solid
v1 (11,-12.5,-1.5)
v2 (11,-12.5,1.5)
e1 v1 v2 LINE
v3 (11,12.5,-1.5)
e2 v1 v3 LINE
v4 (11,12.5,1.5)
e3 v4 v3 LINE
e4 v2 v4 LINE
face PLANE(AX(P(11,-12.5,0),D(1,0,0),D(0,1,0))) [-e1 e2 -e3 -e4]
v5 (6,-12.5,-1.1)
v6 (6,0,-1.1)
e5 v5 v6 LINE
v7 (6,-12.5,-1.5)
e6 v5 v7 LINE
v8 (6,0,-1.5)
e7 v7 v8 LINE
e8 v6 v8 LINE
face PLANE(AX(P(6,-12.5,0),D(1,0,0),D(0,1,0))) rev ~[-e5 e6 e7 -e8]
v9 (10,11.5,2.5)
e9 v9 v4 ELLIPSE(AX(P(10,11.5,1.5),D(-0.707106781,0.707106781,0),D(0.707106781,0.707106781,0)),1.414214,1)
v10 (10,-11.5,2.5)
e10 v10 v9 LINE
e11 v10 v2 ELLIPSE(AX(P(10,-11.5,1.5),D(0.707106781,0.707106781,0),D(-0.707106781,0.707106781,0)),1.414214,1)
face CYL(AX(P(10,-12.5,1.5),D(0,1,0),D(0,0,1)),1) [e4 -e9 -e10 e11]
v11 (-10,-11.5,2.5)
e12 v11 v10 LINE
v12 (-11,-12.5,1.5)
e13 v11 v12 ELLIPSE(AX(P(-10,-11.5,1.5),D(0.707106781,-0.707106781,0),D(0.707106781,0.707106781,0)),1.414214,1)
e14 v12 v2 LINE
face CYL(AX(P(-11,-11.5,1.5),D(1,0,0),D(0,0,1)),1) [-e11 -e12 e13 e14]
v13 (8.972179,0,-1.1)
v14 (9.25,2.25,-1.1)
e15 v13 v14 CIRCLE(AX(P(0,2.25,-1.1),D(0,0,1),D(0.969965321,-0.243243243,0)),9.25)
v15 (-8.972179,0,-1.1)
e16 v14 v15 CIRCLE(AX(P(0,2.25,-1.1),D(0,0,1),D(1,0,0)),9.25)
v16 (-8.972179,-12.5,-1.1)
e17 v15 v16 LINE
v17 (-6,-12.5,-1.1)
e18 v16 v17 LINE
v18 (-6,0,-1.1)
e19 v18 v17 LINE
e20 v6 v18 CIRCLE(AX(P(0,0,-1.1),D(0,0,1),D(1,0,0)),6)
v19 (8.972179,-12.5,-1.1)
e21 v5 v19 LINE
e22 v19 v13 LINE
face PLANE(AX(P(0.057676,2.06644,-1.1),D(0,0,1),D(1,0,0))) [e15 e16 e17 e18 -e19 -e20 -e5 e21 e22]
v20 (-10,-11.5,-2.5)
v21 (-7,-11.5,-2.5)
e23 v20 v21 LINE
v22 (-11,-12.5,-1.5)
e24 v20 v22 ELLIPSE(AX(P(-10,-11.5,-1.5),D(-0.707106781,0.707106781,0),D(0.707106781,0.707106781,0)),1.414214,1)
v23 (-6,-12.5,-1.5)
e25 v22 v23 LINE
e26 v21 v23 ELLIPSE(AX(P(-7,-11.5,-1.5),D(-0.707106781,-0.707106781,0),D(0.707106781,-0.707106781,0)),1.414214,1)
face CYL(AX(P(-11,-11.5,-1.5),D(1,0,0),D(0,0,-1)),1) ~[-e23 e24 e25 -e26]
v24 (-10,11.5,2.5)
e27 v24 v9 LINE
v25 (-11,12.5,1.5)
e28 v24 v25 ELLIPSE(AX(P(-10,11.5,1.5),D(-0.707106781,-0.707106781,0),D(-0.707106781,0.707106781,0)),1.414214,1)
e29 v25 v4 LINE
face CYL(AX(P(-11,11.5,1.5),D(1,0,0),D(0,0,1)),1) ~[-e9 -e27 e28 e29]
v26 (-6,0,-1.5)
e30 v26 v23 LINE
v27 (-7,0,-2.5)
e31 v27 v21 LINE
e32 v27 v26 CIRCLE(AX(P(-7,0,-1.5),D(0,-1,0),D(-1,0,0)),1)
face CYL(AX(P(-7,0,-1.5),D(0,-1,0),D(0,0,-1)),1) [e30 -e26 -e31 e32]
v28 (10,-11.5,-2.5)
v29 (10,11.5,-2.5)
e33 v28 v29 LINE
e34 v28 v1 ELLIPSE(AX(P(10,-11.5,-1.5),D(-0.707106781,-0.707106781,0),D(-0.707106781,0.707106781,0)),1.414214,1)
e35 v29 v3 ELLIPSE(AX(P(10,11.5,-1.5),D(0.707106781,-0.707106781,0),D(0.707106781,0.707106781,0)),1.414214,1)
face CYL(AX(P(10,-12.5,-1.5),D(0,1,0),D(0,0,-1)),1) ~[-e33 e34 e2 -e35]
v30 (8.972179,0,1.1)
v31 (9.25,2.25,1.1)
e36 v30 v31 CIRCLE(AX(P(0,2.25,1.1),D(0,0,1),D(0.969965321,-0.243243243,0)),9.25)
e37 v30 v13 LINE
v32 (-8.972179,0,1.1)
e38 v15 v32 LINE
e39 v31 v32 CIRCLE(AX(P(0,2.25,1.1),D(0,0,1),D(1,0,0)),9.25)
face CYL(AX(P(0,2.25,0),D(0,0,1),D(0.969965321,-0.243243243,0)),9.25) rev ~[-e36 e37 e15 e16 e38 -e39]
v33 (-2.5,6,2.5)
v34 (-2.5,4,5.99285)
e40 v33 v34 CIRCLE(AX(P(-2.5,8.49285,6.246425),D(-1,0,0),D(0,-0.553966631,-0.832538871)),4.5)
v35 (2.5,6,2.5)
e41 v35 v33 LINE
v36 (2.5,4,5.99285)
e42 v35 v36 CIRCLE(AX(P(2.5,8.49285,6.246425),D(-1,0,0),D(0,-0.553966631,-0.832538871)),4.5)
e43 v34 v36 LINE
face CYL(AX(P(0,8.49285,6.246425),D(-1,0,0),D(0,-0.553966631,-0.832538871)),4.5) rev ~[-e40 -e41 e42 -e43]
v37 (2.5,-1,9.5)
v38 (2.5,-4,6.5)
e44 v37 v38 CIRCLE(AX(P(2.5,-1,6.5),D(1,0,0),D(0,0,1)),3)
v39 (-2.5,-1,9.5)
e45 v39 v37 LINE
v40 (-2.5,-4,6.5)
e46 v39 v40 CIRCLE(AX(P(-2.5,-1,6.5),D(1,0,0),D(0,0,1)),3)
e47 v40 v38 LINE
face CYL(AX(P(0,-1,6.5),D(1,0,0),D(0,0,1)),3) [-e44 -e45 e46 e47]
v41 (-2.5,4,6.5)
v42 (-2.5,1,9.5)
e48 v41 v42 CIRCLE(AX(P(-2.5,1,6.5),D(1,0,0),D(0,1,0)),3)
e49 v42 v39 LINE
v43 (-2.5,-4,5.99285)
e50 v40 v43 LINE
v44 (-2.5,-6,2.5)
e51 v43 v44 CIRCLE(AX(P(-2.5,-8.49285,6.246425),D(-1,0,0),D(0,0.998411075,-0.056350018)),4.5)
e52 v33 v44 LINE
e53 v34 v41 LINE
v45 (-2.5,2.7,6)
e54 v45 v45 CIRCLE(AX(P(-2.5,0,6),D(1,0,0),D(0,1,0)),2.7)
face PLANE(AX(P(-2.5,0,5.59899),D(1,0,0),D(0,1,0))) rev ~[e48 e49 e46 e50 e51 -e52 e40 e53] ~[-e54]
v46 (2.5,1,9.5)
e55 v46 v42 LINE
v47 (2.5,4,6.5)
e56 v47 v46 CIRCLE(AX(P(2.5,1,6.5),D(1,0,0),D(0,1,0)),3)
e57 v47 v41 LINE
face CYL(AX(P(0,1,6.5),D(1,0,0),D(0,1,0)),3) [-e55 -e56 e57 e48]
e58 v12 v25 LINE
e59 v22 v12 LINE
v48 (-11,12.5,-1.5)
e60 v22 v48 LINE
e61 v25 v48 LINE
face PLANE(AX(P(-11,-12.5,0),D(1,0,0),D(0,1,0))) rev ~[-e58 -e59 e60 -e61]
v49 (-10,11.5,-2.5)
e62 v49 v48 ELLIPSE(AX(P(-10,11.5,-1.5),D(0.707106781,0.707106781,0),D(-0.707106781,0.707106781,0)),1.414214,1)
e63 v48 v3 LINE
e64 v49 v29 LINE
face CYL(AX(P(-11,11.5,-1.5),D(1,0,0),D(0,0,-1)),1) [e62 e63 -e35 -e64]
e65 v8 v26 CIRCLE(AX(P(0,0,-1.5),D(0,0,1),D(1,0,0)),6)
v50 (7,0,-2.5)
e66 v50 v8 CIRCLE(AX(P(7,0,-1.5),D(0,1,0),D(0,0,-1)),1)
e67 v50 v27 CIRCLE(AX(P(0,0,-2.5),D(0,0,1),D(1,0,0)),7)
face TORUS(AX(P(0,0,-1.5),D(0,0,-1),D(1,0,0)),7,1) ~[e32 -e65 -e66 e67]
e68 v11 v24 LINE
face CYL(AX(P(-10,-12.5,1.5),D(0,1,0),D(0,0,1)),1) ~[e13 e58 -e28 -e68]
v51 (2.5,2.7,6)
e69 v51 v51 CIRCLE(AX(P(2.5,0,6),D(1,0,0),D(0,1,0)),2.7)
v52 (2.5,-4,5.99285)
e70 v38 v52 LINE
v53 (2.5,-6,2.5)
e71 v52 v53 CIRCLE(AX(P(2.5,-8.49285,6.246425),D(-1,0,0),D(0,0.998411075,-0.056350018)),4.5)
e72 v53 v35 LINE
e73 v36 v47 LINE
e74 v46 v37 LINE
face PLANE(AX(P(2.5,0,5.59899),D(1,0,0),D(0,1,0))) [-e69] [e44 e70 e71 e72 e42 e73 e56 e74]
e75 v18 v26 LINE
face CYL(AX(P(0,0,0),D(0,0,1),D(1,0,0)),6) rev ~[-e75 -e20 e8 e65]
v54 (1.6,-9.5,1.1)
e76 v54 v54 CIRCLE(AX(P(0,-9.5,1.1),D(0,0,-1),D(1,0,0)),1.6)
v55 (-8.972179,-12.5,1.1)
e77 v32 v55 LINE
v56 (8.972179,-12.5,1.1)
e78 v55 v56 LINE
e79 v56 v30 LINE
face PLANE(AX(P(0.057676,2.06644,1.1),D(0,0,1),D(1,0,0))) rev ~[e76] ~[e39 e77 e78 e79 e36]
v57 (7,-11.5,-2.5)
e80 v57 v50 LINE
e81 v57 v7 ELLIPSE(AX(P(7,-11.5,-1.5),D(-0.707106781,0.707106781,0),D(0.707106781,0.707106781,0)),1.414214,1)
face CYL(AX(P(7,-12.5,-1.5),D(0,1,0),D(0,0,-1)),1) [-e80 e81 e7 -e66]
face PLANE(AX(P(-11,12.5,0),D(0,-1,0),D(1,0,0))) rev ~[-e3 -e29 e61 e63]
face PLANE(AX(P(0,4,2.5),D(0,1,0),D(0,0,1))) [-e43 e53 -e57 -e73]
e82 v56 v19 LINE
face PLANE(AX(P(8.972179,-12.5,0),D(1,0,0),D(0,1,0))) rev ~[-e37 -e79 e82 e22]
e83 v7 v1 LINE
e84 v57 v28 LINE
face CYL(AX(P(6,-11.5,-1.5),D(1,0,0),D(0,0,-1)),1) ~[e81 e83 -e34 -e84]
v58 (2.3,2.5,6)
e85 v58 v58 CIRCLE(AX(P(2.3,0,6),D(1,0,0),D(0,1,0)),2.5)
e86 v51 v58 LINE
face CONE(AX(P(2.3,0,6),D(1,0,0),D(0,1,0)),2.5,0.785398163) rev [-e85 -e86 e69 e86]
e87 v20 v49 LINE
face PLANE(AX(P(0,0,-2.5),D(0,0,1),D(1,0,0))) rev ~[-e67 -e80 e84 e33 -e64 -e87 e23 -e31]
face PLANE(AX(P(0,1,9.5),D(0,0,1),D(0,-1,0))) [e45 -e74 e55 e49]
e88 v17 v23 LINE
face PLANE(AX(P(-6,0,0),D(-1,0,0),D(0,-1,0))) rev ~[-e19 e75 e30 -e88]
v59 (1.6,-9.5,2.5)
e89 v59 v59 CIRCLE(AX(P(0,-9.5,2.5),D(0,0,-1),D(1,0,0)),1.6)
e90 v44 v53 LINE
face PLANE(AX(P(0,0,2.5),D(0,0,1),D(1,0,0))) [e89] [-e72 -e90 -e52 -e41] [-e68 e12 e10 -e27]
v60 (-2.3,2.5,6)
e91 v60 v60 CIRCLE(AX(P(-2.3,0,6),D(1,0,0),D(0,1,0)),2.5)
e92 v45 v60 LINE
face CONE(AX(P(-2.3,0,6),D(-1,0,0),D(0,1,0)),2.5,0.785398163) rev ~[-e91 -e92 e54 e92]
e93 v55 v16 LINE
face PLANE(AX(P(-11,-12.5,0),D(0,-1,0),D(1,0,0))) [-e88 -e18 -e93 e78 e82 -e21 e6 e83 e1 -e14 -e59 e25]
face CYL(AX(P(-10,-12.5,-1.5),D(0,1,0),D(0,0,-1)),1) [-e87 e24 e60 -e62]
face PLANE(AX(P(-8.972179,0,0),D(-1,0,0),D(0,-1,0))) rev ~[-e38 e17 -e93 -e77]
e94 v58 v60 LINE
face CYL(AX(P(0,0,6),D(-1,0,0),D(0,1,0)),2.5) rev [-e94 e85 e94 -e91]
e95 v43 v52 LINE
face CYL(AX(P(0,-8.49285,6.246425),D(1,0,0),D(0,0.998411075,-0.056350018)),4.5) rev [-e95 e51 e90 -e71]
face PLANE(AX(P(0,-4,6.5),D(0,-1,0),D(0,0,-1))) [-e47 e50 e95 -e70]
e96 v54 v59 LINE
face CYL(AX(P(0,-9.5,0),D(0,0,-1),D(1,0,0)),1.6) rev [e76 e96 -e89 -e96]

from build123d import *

# Parameters (mm, degrees)
F0_W      = 22
F0_H      = 25
F1_DEPTH  = 2.5
F3_DEPTH  = 1.1
F5_DEPTH  = 25
F6_R      = 1.6
F7_DEPTH  = 29.4
F8_R      = 2.5
F9_DEPTH  = 2.5
F11_DEPTH = 2.5
F12_R     = 1
F13_SIZE  = 0.2


with BuildPart() as f1:
    # F0 (on Top) → F1 (new body, symmetric)
    with BuildSketch(Plane.XY):
        Rectangle(F0_W, F0_H)
    extrude(amount=F1_DEPTH, both=True)

    # F2 (on Top) → F3 (cut, symmetric)
    with BuildSketch(Plane.XY):
        with BuildLine():
            ThreePointArc((8.9721792225, 0), (9.180282071, 1.1164563987), (9.25, 2.25))
            ThreePointArc((9.25, 2.25), (-1.1335436013, 11.430282071), (-8.9721792225, 0))
            ThreePointArc((-8.9721792225, 0), (0, -7), (8.9721792225, 0))
        make_face()
        with BuildLine():
            ThreePointArc((8.9721792225, 0), (0, -7), (-8.9721792225, 0))
            Line((-8.9721792225, 0), (-8.9721792225, -12.5))
            Line((-8.9721792225, -12.5), (8.9721792225, -12.5))
            Line((8.9721792225, -12.5), (8.9721792225, 0))
        make_face()
    extrude(amount=F3_DEPTH, both=True, mode=Mode.SUBTRACT)

    # F4 (on Top) → F5 (cut)
    with BuildSketch(Plane.XY):
        with BuildLine():
            ThreePointArc((-6, 0), (0, -6), (6, 0))
            ThreePointArc((6, 0), (0, 6), (-6, 0))
        make_face()
        with BuildLine():
            Line((6, -12.5), (6, 0))
            ThreePointArc((6, 0), (0, -6), (-6, 0))
            Line((-6, 0), (-6, -12.5))
            Line((-6, -12.5), (6, -12.5))
        make_face()
    extrude(amount=-F5_DEPTH, mode=Mode.SUBTRACT)

    # F6 (on Top) → F7 (cut)
    with BuildSketch(Plane.XY):
        with Locations((0, -9.5)):
            Circle(F6_R)
    extrude(amount=F7_DEPTH, mode=Mode.SUBTRACT)

    # F8 (on Right) → F9 (join, symmetric)
    with BuildSketch(Plane.YZ):
        with BuildLine():
            Line((1, 9.5), (-1, 9.5))
            ThreePointArc((-1, 9.5), (-3.1213203436, 8.6213203436), (-4, 6.5))
            Line((-4, 6.5), (-4, 2.5))
            Line((-4, 2.5), (4, 2.5))
            Line((4, 2.5), (4, 6.5))
            ThreePointArc((4, 6.5), (3.1213203436, 8.6213203436), (1, 9.5))
        make_face()
        with Locations((0, 6)):
            Circle(F8_R, mode=Mode.SUBTRACT)
    extrude(amount=F9_DEPTH, both=True)

    # F10 (on Right) → F11 (join, symmetric)
    with BuildSketch(Plane.YZ):
        with BuildLine():
            ThreePointArc((4, 6.5), (3.9928498393, 6.2464249197), (4, 5.9928498393))
            Line((4, 5.9928498393), (4, 6.5))
        make_face()
        with BuildLine():
            Line((4, 2.5), (6, 2.5))
            ThreePointArc((6, 2.5), (4.5877250014, 4.0103569422), (4, 5.9928498393))
            Line((4, 5.9928498393), (4, 2.5))
        make_face()
        with BuildLine():
            ThreePointArc((-4, 5.9928498393), (-4.5877250014, 4.0103569422), (-6, 2.5))
            Line((-6, 2.5), (-4, 2.5))
            Line((-4, 2.5), (-4, 5.9928498393))
        make_face()
        with BuildLine():
            Line((-4, 6.5), (-4, 5.9928498393))
            ThreePointArc((-4, 5.9928498393), (-3.9928498393, 6.2464249197), (-4, 6.5))
        make_face()
    extrude(amount=F11_DEPTH, both=True)

    # F12
    f12_edges = [f1.edges().sort_by_distance(p)[0] for p in [
        (-11, 0, -2.5),
        (-11, 0, 2.5),
        (11, 0, 2.5),
        (11, 0, -2.5),
        (0, -12.5, 2.5),
        (0, 12.5, 2.5),
        (0, 12.5, -2.5),
        (8.5, -12.5, -2.5),
        (-8.5, -12.5, -2.5),
        (6, -6.25, -2.5),
    ]]
    fillet(f12_edges, radius=F12_R)

    # F13
    f13_edges = [f1.edges().sort_by_distance(p)[0] for p in [
        (2.5, -2.5, 6),
        (-2.5, -2.5, 6),
    ]]
    chamfer(f13_edges, length=F13_SIZE)


solid = f1.part
